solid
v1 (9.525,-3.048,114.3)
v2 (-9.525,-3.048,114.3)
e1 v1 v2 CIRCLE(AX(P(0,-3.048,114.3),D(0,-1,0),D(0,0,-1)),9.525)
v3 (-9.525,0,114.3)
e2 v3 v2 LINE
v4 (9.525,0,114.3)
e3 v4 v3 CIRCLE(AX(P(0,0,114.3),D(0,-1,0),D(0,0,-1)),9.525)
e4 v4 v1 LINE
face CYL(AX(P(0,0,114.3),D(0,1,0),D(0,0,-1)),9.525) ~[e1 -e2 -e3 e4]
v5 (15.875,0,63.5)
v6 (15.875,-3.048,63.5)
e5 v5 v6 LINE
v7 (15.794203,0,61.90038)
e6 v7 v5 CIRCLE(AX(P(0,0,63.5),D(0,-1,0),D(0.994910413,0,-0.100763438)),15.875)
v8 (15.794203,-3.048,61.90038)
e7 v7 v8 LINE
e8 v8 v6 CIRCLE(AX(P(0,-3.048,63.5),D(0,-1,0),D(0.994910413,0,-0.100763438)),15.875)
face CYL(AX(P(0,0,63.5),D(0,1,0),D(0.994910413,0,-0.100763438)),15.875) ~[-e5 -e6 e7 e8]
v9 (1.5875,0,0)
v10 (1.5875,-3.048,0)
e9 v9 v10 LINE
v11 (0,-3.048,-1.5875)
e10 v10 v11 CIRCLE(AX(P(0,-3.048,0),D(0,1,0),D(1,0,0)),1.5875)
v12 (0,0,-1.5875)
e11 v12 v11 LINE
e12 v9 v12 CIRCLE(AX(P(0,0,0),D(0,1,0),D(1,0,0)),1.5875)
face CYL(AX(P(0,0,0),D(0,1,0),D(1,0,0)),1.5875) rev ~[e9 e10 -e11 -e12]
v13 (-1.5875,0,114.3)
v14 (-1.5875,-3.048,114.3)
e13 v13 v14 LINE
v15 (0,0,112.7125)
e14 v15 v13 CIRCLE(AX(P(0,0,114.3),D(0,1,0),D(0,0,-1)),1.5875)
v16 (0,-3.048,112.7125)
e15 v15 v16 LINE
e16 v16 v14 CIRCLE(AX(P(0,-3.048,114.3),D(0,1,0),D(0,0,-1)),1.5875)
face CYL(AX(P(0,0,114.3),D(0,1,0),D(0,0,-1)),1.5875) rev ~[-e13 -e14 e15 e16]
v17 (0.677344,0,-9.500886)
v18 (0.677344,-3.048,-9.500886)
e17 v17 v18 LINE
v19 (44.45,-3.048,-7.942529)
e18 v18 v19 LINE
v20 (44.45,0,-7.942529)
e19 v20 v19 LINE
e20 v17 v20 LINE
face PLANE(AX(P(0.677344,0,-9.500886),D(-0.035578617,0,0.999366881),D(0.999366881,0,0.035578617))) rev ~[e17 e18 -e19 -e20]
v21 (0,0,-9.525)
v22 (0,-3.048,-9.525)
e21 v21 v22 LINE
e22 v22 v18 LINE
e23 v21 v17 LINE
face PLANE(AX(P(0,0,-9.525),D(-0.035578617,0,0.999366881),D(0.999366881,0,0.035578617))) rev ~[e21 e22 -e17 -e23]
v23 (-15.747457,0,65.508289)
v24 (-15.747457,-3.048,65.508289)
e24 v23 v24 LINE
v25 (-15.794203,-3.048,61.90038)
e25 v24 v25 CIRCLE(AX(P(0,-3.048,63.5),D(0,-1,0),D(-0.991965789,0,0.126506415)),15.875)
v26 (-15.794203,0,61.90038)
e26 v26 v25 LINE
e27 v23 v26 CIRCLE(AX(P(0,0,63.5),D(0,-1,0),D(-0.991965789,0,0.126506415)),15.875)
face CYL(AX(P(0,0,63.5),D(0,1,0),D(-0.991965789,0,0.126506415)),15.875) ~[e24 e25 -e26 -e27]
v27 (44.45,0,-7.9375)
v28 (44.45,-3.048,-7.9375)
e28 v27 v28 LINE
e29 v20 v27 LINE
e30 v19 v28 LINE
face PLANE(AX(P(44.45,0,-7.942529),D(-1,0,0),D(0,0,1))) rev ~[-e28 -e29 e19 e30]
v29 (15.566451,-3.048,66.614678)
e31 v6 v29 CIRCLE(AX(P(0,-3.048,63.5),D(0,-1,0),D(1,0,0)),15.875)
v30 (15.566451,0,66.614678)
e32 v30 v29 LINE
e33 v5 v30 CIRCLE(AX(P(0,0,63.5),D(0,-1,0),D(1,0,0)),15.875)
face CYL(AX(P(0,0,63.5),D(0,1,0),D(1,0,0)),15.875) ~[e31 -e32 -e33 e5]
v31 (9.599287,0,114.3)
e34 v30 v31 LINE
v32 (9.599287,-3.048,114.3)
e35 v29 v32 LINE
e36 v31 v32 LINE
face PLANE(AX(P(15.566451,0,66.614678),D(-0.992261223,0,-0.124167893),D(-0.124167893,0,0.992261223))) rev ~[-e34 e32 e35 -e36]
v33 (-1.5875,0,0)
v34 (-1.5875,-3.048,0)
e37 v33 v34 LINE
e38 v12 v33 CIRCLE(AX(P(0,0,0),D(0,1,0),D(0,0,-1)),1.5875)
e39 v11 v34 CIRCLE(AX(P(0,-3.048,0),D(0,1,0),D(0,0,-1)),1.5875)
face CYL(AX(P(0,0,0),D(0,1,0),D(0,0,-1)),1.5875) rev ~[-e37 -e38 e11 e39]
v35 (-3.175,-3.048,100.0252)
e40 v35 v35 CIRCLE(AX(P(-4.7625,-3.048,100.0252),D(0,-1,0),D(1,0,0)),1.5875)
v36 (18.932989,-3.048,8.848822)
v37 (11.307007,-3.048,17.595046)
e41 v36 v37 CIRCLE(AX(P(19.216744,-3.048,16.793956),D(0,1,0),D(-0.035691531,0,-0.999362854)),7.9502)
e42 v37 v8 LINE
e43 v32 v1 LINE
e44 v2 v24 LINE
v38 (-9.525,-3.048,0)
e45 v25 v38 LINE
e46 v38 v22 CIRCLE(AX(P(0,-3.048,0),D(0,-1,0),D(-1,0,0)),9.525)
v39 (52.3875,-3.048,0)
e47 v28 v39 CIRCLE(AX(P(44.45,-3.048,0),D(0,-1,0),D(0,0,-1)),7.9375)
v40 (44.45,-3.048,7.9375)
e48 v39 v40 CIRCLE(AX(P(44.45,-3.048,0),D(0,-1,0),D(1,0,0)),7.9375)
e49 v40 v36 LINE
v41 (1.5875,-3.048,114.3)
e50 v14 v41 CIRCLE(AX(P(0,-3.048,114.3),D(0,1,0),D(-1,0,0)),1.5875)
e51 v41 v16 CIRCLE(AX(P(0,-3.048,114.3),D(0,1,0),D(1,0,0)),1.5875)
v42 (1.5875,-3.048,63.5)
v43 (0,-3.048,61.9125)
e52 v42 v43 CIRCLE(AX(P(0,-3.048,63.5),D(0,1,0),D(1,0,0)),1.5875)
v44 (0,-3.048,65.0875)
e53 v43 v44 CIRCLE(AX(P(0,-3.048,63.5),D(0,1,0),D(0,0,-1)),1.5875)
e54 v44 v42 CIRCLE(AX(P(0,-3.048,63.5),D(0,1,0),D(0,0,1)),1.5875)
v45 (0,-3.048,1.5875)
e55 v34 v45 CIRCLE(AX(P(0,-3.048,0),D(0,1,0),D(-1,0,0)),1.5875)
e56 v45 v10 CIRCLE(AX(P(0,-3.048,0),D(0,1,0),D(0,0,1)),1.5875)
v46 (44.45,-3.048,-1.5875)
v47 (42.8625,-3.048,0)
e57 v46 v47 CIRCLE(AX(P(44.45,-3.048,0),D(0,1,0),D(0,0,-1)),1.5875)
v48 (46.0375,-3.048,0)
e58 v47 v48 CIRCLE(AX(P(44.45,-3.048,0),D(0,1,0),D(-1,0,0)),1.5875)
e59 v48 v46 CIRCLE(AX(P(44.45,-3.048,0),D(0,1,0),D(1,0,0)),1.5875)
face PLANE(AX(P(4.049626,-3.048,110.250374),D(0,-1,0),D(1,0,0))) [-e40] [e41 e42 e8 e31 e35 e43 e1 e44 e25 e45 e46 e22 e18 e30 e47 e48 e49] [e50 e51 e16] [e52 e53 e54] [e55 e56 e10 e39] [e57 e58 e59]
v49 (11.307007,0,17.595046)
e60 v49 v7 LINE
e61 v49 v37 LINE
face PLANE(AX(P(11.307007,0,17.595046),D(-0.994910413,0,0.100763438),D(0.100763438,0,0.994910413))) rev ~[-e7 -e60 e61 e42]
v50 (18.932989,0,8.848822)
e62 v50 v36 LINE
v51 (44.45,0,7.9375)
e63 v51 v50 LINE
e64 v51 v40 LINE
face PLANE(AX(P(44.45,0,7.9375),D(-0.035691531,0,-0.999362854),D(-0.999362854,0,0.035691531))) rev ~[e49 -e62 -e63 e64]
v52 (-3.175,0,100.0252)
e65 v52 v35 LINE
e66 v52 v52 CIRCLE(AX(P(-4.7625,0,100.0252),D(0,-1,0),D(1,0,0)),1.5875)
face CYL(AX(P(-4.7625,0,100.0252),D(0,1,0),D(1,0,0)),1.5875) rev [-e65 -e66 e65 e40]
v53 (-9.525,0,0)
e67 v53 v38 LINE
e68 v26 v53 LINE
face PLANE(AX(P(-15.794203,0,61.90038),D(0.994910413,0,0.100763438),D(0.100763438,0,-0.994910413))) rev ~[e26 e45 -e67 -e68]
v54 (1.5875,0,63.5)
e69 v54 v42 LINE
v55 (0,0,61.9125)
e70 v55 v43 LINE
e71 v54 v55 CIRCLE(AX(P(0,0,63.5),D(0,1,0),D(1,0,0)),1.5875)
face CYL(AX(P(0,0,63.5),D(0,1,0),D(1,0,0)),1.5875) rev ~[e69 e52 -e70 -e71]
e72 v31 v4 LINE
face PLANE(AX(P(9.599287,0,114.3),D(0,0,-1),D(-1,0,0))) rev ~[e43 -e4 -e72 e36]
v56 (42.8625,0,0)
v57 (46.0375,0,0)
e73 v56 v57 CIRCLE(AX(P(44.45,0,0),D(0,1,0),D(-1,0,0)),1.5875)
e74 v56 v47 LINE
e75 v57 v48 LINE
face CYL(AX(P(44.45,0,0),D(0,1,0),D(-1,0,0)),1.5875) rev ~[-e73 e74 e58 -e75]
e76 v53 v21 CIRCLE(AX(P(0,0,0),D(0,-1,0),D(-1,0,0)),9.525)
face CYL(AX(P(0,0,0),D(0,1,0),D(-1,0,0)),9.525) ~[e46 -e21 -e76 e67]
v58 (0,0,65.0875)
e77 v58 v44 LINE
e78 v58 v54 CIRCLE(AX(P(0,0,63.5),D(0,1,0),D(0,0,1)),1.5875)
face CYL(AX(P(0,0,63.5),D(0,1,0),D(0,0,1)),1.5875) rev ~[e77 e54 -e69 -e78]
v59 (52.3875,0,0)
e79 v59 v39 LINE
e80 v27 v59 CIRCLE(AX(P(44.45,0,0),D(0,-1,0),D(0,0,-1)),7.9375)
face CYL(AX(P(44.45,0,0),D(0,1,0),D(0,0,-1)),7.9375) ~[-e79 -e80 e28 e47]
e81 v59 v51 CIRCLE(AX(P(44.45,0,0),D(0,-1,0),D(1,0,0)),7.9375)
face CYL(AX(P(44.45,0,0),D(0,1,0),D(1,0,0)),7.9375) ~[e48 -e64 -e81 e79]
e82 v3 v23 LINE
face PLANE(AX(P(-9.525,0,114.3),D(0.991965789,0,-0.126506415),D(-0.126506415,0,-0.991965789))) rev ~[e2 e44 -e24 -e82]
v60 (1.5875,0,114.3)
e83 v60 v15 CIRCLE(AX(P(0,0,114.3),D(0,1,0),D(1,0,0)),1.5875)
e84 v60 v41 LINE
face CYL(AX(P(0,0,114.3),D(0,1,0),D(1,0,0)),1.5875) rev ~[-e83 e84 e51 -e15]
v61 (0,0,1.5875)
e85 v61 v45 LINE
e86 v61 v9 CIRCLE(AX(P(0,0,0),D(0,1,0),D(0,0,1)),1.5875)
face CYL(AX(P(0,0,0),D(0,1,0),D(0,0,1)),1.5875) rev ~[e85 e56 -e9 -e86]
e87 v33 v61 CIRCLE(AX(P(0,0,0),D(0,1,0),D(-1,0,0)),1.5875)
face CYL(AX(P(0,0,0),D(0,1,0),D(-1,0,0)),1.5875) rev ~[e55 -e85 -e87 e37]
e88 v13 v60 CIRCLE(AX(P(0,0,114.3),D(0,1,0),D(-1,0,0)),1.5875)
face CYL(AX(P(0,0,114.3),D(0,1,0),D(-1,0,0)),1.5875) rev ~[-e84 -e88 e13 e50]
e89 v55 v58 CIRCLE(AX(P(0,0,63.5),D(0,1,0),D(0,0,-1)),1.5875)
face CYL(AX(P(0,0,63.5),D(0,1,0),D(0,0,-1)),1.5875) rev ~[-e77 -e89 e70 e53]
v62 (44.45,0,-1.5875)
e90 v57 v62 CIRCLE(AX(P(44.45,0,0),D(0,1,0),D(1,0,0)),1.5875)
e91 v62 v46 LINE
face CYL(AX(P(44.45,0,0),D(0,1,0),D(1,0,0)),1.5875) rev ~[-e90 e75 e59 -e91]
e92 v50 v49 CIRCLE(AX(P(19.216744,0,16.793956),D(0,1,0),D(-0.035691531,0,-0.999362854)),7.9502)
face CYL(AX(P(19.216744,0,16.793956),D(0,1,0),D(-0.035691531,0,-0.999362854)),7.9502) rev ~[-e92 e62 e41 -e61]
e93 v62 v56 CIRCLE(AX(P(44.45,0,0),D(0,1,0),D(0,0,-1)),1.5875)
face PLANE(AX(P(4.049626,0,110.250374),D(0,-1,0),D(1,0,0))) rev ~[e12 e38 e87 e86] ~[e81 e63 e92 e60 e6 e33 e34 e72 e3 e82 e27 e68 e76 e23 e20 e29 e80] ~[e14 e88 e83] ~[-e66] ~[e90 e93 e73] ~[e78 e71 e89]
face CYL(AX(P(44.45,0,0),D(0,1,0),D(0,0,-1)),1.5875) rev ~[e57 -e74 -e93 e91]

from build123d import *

# Parameters (mm, degrees)
F0_R     = 1.5875
F1_DEPTH = 3.048


with BuildPart() as f1:
    # F0 (on Front) → F1 (new body)
    with BuildSketch(Plane.XZ):
        with BuildLine():
            Line((0, 112.7125), (0, 104.775))
            ThreePointArc((0, 104.775), (6.7351920908, 107.5648079092), (9.525, 114.3))
            Line((9.525, 114.3), (1.5875, 114.3))
            ThreePointArc((1.5875, 114.3), (1.1225320151, 113.1774679849), (0, 112.7125))
        make_face()
        with BuildLine():
            Line((-1.5875, 114.3), (-9.525, 114.3))
            ThreePointArc((-9.525, 114.3), (-6.7351920908, 107.5648079092), (0, 104.775))
            Line((0, 104.775), (0, 112.7125))
            ThreePointArc((0, 112.7125), (-1.1225320151, 113.1774679849), (-1.5875, 114.3))
        make_face()
        with BuildLine():
            ThreePointArc((9.525, 114.3), (0, 123.825), (-9.525, 114.3))
            Line((-9.525, 114.3), (-1.5875, 114.3))
            ThreePointArc((-1.5875, 114.3), (0, 115.8875), (1.5875, 114.3))
            Line((1.5875, 114.3), (9.525, 114.3))
        make_face()
        with BuildLine():
            Line((0, 104.775), (0, 79.375))
            ThreePointArc((0, 79.375), (10.0640474958, 75.7772380038), (15.5664511985, 66.6146784884))
            Line((15.5664511985, 66.6146784884), (9.5992867411, 114.3))
            Line((9.5992867411, 114.3), (9.525, 114.3))
            ThreePointArc((9.525, 114.3), (6.7351920908, 107.5648079092), (0, 104.775))
        make_face()
        with BuildLine():
            Line((-9.525, 114.3), (-15.7474569047, 65.5082893304))
            ThreePointArc((-15.7474569047, 65.5082893304), (-10.4912828548, 75.4142187767), (0, 79.375))
            Line((0, 79.375), (0, 104.775))
            ThreePointArc((0, 104.775), (-6.7351920908, 107.5648079092), (-9.525, 114.3))
        make_face()
        with Locations((-4.7625, 100.0252)):
            Circle(F0_R, mode=Mode.SUBTRACT)
        with BuildLine():
            ThreePointArc((-15.7942028036, 61.9003804205), (-10.644756084, 51.722700101), (0, 47.625))
            Line((0, 47.625), (0, 61.9125))
            ThreePointArc((0, 61.9125), (-1.5875, 63.5), (0, 65.0875))
            Line((0, 65.0875), (0, 79.375))
            ThreePointArc((0, 79.375), (-10.4912828548, 75.4142187767), (-15.7474569047, 65.5082893304))
            ThreePointArc((-15.7474569047, 65.5082893304), (-15.873667691, 63.7056672947), (-15.7942028036, 61.9003804205))
        make_face()
        with BuildLine():
            Line((0, 61.9125), (0, 47.625))
            ThreePointArc((0, 47.625), (10.644756084, 51.722700101), (15.7942028036, 61.9003804205))
            ThreePointArc((15.7942028036, 61.9003804205), (15.8547878338, 62.6991705884), (15.875, 63.5))
            ThreePointArc((15.875, 63.5), (15.7976744772, 65.0649620162), (15.5664511985, 66.6146784884))
            ThreePointArc((15.5664511985, 66.6146784884), (10.0640474958, 75.7772380038), (0, 79.375))
            Line((0, 79.375), (0, 65.0875))
            ThreePointArc((0, 65.0875), (1.1225320151, 64.6225320151), (1.5875, 63.5))
            ThreePointArc((1.5875, 63.5), (1.1225320151, 62.3774679849), (0, 61.9125))
        make_face()
        with BuildLine():
            Line((0, 47.625), (0, 9.525))
            ThreePointArc((0, 9.525), (6.7351920908, 6.7351920908), (9.525, 0))
            Line((9.525, 0), (36.5125, 0))
            ThreePointArc((36.5125, 0), (38.8373399243, 5.6126600757), (44.45, 7.9375))
            Line((44.45, 7.9375), (18.9329889534, 8.8488218231))
            ThreePointArc((18.9329889534, 8.8488218231), (13.22446249, 11.5691841219), (11.3070069952, 17.5950458731))
            Line((11.3070069952, 17.5950458731), (15.7942028036, 61.9003804205))
            ThreePointArc((15.7942028036, 61.9003804205), (10.644756084, 51.722700101), (0, 47.625))
        make_face()
        with BuildLine():
            ThreePointArc((-9.525, 0), (-6.7351920908, 6.7351920908), (0, 9.525))
            Line((0, 9.525), (0, 47.625))
            ThreePointArc((0, 47.625), (-10.644756084, 51.722700101), (-15.7942028036, 61.9003804205))
            Line((-15.7942028036, 61.9003804205), (-9.525, 0))
        make_face()
        with BuildLine():
            Line((0, 9.525), (0, 1.5875))
            ThreePointArc((0, 1.5875), (1.1225320151, 1.1225320151), (1.5875, 0))
            Line((1.5875, 0), (9.525, 0))
            ThreePointArc((9.525, 0), (6.7351920908, 6.7351920908), (0, 9.525))
        make_face()
        with BuildLine():
            ThreePointArc((-1.5875, 0), (-1.1225320151, 1.1225320151), (0, 1.5875))
            Line((0, 1.5875), (0, 9.525))
            ThreePointArc((0, 9.525), (-6.7351920908, 6.7351920908), (-9.525, 0))
            Line((-9.525, 0), (-1.5875, 0))
        make_face()
        with BuildLine():
            ThreePointArc((0, -1.5875), (-1.1225320151, -1.1225320151), (-1.5875, 0))
            Line((-1.5875, 0), (-9.525, 0))
            ThreePointArc((-9.525, 0), (-6.7351920908, -6.7351920908), (0, -9.525))
            Line((0, -9.525), (0, -1.5875))
        make_face()
        with BuildLine():
            Line((9.525, 0), (1.5875, 0))
            ThreePointArc((1.5875, 0), (1.1225320151, -1.1225320151), (0, -1.5875))
            Line((0, -1.5875), (0, -9.525))
            Line((0, -9.525), (0.6773435479, -9.500885786))
            ThreePointArc((0.6773435479, -9.500885786), (6.9705567315, -6.4912990883), (9.525, 0))
        make_face()
        with BuildLine():
            Line((36.5125, 0), (9.525, 0))
            ThreePointArc((9.525, 0), (6.9705567315, -6.4912990883), (0.6773435479, -9.500885786))
            Line((0.6773435479, -9.500885786), (44.45, -7.9425285691))
            Line((44.45, -7.9425285691), (44.45, -7.9375))
            ThreePointArc((44.45, -7.9375), (38.8373399243, -5.6126600757), (36.5125, 0))
        make_face()
        with BuildLine():
            Line((42.8625, 0), (36.5125, 0))
            ThreePointArc((36.5125, 0), (38.8373399243, -5.6126600757), (44.45, -7.9375))
            Line((44.45, -7.9375), (44.45, -1.5875))
            ThreePointArc((44.45, -1.5875), (43.3274679849, -1.1225320151), (42.8625, 0))
        make_face()
        with BuildLine():
            ThreePointArc((44.45, 7.9375), (38.8373399243, 5.6126600757), (36.5125, 0))
            Line((36.5125, 0), (42.8625, 0))
            ThreePointArc((42.8625, 0), (44.45, 1.5875), (46.0375, 0))
            ThreePointArc((46.0375, 0), (45.5725320151, -1.1225320151), (44.45, -1.5875))
            Line((44.45, -1.5875), (44.45, -7.9375))
            ThreePointArc((44.45, -7.9375), (50.0626600757, -5.6126600757), (52.3875, 0))
            ThreePointArc((52.3875, 0), (50.0626600757, 5.6126600757), (44.45, 7.9375))
        make_face()
    extrude(amount=F1_DEPTH)


solid = f1.part
